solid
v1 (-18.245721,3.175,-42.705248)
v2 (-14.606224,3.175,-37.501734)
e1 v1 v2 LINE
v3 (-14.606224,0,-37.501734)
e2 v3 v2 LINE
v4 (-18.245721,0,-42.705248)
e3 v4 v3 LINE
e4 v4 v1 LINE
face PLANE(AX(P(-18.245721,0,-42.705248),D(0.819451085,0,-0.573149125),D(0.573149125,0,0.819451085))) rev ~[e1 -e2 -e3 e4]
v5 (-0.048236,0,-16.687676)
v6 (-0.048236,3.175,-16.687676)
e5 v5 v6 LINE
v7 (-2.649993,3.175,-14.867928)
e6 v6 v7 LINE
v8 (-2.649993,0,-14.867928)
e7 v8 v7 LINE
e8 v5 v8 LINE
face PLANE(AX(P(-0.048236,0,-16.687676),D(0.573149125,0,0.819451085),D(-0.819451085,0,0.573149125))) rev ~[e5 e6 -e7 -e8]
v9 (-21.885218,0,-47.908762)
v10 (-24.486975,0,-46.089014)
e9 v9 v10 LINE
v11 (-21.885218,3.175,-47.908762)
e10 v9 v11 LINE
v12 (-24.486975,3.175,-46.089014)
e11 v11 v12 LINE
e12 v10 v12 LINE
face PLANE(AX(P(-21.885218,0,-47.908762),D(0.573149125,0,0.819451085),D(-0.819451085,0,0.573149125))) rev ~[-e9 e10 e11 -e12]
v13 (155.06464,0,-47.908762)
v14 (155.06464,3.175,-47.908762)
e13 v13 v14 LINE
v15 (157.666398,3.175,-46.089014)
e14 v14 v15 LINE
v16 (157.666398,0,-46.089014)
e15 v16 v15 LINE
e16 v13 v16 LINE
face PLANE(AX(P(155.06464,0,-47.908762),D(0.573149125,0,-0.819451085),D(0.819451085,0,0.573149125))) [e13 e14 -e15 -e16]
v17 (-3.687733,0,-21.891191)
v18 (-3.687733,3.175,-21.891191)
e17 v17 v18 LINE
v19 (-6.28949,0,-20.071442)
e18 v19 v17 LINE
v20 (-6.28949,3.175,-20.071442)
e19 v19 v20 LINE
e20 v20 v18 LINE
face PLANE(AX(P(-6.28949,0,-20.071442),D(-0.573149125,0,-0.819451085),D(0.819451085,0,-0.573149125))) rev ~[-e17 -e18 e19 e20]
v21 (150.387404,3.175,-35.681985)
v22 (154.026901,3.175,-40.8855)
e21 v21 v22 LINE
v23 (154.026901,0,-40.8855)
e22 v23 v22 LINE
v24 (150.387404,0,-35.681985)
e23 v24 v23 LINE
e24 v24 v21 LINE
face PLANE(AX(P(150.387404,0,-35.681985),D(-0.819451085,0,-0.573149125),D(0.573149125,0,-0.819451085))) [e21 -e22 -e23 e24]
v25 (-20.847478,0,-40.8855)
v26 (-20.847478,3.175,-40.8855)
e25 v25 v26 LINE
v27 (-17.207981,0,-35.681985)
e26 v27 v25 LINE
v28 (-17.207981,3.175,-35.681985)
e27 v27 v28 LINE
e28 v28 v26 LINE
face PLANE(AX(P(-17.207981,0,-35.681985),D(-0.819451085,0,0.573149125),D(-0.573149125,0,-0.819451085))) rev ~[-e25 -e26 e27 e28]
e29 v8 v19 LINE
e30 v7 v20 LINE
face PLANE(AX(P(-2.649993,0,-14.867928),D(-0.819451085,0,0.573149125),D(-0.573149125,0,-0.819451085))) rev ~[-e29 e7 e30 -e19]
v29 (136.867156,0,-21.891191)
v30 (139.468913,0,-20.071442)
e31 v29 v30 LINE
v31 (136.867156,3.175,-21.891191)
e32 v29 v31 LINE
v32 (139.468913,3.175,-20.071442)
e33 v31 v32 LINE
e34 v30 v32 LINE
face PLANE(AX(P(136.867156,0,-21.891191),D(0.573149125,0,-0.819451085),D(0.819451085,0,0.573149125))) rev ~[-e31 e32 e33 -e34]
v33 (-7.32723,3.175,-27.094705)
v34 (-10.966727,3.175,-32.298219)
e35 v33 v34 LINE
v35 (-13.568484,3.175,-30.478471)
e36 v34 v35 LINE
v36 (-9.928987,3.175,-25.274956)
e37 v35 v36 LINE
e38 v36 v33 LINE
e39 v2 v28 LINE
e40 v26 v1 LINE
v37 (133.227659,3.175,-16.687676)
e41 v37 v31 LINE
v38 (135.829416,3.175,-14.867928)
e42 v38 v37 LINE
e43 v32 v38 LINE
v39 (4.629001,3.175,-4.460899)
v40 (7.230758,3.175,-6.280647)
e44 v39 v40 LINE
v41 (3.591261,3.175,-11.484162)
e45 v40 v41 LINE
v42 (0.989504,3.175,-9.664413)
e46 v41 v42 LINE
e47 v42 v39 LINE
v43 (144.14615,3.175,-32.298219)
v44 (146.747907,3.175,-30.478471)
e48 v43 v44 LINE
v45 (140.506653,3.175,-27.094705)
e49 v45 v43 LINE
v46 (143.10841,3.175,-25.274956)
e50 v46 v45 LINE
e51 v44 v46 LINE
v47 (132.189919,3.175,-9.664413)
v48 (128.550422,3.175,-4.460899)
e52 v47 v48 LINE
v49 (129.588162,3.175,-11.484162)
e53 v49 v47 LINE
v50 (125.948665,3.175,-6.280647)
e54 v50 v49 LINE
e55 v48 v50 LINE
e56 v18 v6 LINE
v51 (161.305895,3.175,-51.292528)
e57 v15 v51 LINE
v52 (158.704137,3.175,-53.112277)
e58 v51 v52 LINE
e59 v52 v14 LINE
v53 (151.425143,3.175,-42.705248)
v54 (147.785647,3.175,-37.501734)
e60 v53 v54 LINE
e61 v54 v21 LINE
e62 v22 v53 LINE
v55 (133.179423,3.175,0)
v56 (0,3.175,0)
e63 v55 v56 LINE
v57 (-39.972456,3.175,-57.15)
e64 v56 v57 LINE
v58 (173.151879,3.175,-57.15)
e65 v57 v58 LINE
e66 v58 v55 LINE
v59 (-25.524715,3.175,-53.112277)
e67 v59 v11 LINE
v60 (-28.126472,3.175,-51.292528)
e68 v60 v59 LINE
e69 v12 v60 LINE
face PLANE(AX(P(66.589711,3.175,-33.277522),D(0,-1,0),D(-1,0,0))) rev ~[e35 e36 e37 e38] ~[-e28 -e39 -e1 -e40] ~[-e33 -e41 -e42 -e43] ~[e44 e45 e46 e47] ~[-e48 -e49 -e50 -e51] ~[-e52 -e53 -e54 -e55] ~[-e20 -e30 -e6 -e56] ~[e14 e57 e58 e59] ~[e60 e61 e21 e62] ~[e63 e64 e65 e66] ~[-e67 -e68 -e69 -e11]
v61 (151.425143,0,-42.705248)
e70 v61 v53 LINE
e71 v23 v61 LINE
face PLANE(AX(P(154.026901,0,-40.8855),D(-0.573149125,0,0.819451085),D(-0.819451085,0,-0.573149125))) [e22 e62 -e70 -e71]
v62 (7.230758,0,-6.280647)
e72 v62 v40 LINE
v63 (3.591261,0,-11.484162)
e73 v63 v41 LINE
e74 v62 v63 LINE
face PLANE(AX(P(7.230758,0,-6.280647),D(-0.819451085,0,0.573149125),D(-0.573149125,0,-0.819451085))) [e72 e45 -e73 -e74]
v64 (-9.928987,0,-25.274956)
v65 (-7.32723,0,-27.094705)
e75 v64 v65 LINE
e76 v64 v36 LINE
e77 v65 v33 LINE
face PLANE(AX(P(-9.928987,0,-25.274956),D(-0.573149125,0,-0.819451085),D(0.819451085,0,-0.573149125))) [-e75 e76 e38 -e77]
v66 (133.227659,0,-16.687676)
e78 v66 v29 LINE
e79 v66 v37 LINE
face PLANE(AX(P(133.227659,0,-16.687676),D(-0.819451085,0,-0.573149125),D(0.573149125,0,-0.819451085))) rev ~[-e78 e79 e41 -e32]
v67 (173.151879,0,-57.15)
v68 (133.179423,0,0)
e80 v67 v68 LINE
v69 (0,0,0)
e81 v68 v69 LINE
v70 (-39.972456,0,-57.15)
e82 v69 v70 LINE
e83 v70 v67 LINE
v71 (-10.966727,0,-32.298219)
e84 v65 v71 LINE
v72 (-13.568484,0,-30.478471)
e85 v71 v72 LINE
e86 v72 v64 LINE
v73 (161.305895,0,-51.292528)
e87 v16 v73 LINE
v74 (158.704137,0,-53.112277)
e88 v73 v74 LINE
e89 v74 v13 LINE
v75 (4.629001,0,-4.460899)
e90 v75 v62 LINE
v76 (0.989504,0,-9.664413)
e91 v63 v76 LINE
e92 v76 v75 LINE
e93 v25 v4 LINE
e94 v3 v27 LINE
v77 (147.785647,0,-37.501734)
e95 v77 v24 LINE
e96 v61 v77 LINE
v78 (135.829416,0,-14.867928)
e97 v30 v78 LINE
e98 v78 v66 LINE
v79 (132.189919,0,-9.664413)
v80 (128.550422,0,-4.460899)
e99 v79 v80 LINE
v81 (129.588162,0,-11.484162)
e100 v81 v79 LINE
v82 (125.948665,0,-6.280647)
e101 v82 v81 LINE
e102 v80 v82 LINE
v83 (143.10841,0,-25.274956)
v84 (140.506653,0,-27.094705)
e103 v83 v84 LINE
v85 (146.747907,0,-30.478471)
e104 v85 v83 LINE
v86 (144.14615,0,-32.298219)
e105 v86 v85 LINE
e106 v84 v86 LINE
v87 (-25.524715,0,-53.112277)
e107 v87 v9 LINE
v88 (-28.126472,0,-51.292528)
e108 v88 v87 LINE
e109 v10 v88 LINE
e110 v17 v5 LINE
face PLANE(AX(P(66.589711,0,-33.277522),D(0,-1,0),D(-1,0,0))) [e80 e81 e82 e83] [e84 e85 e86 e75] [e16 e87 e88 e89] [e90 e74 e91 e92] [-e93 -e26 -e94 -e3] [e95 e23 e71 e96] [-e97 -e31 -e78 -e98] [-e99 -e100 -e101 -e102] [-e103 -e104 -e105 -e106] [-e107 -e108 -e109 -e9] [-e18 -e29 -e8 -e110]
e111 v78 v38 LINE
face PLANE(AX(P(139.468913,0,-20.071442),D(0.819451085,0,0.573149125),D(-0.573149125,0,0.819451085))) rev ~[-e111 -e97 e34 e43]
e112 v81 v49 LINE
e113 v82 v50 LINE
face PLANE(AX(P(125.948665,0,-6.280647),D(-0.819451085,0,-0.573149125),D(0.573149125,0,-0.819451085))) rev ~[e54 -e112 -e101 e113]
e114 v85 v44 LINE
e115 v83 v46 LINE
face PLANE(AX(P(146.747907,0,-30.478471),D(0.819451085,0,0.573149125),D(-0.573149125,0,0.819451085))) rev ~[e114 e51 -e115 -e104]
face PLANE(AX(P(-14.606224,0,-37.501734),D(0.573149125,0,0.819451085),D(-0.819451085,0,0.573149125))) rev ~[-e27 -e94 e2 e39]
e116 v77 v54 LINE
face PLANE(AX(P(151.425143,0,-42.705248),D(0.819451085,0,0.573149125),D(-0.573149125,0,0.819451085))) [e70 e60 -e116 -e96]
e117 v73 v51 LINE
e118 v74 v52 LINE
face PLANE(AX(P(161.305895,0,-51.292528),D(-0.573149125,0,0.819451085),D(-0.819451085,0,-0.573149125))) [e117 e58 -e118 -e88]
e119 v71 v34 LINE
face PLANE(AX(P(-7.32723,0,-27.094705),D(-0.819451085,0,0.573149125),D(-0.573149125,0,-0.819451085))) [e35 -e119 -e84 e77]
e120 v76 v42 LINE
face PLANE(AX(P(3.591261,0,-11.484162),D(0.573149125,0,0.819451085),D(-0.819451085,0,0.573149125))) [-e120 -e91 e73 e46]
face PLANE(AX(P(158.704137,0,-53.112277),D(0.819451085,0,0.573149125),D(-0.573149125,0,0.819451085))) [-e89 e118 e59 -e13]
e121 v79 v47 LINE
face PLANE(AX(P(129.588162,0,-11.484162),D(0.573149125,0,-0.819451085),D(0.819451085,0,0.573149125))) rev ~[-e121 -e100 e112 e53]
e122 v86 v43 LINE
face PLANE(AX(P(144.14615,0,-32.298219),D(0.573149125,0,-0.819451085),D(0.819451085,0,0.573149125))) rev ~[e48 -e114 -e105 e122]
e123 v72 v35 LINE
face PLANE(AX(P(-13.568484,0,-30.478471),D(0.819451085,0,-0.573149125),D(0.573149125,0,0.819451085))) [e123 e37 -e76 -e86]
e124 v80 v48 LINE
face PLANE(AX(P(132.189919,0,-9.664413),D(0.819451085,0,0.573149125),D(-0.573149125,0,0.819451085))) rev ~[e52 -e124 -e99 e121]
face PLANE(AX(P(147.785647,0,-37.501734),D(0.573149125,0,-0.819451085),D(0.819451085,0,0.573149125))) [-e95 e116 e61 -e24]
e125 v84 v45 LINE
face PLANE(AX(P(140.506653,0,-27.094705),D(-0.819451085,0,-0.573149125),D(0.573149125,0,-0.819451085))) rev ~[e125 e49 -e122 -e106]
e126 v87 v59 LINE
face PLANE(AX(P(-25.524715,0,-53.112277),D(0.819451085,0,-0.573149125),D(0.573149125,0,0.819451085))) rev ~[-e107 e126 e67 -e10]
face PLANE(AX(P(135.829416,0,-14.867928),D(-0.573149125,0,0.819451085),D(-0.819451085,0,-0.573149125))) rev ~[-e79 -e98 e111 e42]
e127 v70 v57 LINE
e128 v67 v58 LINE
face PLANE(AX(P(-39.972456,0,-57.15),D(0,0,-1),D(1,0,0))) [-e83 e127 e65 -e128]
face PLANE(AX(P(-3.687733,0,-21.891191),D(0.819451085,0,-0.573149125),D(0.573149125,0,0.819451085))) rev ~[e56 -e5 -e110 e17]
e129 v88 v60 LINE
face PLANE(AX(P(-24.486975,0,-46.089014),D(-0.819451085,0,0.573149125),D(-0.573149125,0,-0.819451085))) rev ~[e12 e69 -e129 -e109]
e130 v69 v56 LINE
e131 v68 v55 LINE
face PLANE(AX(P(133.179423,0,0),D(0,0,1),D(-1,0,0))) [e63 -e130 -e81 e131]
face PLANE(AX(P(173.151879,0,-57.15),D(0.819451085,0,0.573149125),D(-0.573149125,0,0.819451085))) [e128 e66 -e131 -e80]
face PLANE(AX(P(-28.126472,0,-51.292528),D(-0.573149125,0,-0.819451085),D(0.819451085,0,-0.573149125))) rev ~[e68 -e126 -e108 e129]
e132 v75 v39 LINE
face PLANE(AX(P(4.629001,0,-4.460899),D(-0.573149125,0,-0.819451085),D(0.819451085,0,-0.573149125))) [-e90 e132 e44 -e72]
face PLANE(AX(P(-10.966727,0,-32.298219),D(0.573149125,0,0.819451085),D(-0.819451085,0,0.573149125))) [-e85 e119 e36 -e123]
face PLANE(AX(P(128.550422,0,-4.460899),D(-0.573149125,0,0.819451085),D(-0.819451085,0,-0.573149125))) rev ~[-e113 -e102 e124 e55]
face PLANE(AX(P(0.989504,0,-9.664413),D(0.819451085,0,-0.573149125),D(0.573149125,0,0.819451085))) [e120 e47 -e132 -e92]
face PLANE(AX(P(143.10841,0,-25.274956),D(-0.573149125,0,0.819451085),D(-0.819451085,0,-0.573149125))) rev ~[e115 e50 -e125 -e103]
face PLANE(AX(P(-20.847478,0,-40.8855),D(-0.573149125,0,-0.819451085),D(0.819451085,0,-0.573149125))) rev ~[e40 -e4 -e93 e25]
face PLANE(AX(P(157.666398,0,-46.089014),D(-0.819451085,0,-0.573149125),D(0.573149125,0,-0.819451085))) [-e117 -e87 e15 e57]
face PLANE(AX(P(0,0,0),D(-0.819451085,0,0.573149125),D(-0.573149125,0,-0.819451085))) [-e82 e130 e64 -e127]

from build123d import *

# Parameters (mm, degrees)
BOSS_EXTRUDE1_DEPTH = 3.175


with BuildPart() as part:
    # Sketch1 → Boss-Extrude1 (new body)
    with BuildSketch(Plane(origin=(0, 0, 0), x_dir=(1, 0, 0), z_dir=(0, 1, 0))):
        Polygon((-39.972456053, 57.15), (173.151878886, 57.15), (133.179422833, 0), (0, 0), align=None)
        Polygon((-18.245720617, 42.70524807), (-14.606223674, 37.50173368), (-17.207980869, 35.681985209), (-20.847477812, 40.885499598), align=None, mode=Mode.SUBTRACT)
        Polygon((-10.966726732, 32.29821929), (-13.568483927, 30.478470819), (-9.928986984, 25.274956429), (-7.327229789, 27.0947049), align=None, mode=Mode.SUBTRACT)
        Polygon((-0.048235904, 16.687676121), (-2.649993099, 14.867927649), (-6.289490041, 20.071442039), (-3.687732847, 21.89119051), align=None, mode=Mode.SUBTRACT)
        Polygon((3.591261039, 11.484161731), (0.989503844, 9.66441326), (4.629000786, 4.46089887), (7.230757981, 6.280647341), align=None, mode=Mode.SUBTRACT)
        Polygon((155.064640392, 47.908762459), (157.666397587, 46.089013988), (161.30589453, 51.292528378), (158.704137335, 53.112276849), align=None, mode=Mode.SUBTRACT)
        Polygon((125.948664851, 6.280647341), (129.588161794, 11.484161731), (132.189918989, 9.66441326), (128.550422046, 4.46089887), align=None, mode=Mode.SUBTRACT)
        Polygon((139.468912874, 20.071442039), (135.829415932, 14.867927649), (133.227658737, 16.687676121), (136.867155679, 21.89119051), align=None, mode=Mode.SUBTRACT)
        Polygon((140.506652622, 27.0947049), (144.146149564, 32.29821929), (146.747906759, 30.478470819), (143.108409817, 25.274956429), align=None, mode=Mode.SUBTRACT)
        Polygon((-25.524714502, 53.112276849), (-21.88521756, 47.908762459), (-24.486974754, 46.089013988), (-28.126471697, 51.292528378), align=None, mode=Mode.SUBTRACT)
        Polygon((147.785646507, 37.50173368), (150.387403702, 35.681985209), (154.026900645, 40.885499598), (151.42514345, 42.70524807), align=None, mode=Mode.SUBTRACT)
    extrude(amount=BOSS_EXTRUDE1_DEPTH)


solid = part.part
